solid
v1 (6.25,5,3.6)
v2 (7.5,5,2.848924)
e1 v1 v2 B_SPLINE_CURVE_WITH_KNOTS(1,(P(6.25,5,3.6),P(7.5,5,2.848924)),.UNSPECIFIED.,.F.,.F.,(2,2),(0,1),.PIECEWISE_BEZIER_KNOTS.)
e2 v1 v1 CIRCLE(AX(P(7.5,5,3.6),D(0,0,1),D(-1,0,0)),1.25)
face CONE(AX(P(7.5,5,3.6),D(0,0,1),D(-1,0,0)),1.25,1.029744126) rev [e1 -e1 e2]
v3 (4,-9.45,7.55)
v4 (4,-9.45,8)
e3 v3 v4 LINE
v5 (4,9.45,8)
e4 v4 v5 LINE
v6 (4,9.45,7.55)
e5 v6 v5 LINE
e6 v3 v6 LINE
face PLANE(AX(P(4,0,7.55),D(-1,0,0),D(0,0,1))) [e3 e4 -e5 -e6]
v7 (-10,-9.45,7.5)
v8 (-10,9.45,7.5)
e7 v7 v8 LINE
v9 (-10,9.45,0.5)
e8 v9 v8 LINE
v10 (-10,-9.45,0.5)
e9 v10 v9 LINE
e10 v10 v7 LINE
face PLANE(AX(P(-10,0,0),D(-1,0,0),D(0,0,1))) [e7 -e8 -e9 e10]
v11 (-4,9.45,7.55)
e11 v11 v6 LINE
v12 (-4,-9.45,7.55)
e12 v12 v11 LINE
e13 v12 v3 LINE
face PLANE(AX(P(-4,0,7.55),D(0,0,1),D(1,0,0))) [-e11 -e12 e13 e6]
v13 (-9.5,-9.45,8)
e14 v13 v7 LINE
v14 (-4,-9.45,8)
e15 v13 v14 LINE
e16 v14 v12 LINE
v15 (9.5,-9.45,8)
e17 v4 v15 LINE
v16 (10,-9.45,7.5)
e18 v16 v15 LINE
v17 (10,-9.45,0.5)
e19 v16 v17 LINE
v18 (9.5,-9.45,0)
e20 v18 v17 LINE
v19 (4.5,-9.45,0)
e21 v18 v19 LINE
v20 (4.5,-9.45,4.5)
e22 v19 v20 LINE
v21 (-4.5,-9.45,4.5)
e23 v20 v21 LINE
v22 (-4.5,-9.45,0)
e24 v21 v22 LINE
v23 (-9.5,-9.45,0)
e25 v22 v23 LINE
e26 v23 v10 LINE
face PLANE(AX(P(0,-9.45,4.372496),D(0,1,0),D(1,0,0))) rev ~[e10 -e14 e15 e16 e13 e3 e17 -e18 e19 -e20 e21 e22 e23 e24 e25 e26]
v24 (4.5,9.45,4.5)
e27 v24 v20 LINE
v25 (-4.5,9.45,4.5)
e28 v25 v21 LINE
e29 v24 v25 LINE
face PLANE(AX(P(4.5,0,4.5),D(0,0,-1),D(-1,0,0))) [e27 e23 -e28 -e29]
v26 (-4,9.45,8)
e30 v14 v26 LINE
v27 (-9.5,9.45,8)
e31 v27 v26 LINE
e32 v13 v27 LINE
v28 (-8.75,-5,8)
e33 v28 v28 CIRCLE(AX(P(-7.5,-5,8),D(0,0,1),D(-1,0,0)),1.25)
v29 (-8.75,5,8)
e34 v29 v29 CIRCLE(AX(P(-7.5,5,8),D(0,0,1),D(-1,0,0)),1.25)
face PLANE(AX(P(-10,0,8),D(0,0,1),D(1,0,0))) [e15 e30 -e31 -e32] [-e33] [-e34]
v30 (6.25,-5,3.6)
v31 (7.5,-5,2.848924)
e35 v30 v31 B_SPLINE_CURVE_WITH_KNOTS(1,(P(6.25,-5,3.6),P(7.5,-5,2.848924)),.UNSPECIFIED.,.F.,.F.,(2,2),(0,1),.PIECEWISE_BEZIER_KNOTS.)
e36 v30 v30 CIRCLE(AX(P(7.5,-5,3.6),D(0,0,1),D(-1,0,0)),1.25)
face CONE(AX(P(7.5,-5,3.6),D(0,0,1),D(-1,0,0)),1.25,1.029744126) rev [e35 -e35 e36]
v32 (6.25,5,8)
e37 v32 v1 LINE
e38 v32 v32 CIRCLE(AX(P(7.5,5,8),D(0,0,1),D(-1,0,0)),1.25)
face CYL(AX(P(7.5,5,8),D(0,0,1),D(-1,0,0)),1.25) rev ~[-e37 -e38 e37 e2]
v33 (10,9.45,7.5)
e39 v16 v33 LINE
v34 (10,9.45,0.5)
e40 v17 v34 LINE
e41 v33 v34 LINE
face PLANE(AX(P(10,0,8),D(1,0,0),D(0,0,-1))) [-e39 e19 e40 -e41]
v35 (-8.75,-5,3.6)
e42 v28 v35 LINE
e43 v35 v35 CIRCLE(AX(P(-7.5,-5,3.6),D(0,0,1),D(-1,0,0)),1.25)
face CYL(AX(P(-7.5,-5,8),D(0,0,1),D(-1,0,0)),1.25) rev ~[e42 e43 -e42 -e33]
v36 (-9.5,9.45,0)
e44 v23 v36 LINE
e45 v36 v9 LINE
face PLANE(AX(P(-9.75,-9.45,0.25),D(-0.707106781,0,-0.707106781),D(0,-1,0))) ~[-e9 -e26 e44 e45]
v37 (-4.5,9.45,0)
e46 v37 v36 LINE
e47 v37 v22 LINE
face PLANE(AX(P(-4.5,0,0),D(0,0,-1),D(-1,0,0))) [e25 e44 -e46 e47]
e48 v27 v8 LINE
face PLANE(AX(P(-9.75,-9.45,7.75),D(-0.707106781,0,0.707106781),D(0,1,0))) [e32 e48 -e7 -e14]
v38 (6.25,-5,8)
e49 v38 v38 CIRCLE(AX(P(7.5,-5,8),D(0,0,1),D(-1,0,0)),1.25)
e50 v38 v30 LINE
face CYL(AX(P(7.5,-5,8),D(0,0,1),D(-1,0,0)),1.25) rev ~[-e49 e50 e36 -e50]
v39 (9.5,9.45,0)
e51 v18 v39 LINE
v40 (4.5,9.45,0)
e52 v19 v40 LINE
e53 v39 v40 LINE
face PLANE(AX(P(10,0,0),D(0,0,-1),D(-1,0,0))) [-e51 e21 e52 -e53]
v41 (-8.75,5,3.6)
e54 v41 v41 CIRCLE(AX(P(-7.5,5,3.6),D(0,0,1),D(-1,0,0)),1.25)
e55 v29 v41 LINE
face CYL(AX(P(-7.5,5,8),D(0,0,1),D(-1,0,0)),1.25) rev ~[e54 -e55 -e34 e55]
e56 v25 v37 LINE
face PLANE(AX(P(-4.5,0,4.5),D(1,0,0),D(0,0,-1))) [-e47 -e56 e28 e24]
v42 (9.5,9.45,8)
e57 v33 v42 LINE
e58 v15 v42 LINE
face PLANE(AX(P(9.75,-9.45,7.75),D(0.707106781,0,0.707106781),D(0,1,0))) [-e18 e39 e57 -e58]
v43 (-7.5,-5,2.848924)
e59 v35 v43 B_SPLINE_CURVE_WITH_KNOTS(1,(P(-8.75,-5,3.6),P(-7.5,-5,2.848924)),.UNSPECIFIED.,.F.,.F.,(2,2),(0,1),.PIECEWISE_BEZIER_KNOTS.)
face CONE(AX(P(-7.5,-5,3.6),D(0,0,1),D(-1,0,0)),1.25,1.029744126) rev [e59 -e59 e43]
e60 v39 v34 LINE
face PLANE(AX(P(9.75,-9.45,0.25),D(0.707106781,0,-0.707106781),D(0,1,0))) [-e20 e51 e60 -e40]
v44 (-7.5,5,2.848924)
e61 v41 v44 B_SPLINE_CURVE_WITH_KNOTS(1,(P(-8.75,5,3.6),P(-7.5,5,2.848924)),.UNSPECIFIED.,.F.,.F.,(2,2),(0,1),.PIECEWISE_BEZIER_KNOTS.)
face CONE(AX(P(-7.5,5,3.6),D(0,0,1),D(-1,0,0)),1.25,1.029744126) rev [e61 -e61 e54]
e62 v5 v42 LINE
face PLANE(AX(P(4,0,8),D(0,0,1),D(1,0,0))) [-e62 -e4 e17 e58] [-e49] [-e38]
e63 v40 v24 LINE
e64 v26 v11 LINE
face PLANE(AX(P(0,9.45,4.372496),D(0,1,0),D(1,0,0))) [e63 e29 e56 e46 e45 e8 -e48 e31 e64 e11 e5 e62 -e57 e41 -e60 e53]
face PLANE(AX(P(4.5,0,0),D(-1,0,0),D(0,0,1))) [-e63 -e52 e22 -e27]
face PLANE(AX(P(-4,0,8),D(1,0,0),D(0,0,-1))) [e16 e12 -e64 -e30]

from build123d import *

# Parameters (mm, degrees)
PAD001_DEPTH    = 9.45
CHAMFER001_SIZE = 0.5
SKETCH003_R     = 1.25
HOLE_DEPTH      = 4.4
HOLE_TIPS_R     = 1.25


with BuildPart() as part:
    # ShapeBinder → Pad001 (new body, symmetric)
    with BuildSketch(Plane(origin=(0, 0, 4), x_dir=(1, 0, 0), z_dir=(0, 1, 0))):
        Polygon((-4.5, 4), (-10, 4), (-10, -4), (-4, -4), (-4, -3.55), (4, -3.55), (4, -4), (10, -4), (10, 4), (4.5, 4), (4.5, -0.5), (-4.5, -0.5), align=None)
    extrude(amount=PAD001_DEPTH, both=True)

    # Chamfer001
    chamfer001_edges = [part.edges().sort_by_distance(p)[0] for p in [
        (-10, 0, 8),
        (10, 0, 8),
        (10, 0, 0),
        (-10, 0, 0),
    ]]
    chamfer(chamfer001_edges, length=CHAMFER001_SIZE)

    # Sketch003 (on Face18 of Chamfer001) → Hole (cut)
    with BuildSketch(Plane(origin=(0, 0, 8), x_dir=(-1, 0, 0), z_dir=(0, 0, 1))):
        with Locations((-7.5, 5)):
            Circle(SKETCH003_R)
        with Locations((7.5, 5)):
            Circle(SKETCH003_R)
        with Locations((-7.5, -5)):
            Circle(SKETCH003_R)
        with Locations((7.5, -5)):
            Circle(SKETCH003_R)
    extrude(amount=-HOLE_DEPTH, mode=Mode.SUBTRACT)

    # Hole tips → Hole tip 1 section 0
    with BuildSketch(Plane(origin=(0, 0, 3.6), x_dir=(-1, 0, 0), z_dir=(0, 0, 1)), mode=Mode.PRIVATE) as hole_tip_1_s0:
        with Locations((-7.5, 5)):
            Circle(HOLE_TIPS_R)
    loft([hole_tip_1_s0.sketch, Vertex(7.5, -5, 2.848924)], mode=Mode.SUBTRACT)

    # Hole tips → Hole tip 2 section 0
    with BuildSketch(Plane(origin=(0, 0, 3.6), x_dir=(-1, 0, 0), z_dir=(0, 0, 1)), mode=Mode.PRIVATE) as hole_tip_2_s0:
        with Locations((7.5, 5)):
            Circle(HOLE_TIPS_R)
    loft([hole_tip_2_s0.sketch, Vertex(-7.5, -5, 2.848924)], mode=Mode.SUBTRACT)

    # Hole tips → Hole tip 3 section 0
    with BuildSketch(Plane(origin=(0, 0, 3.6), x_dir=(-1, 0, 0), z_dir=(0, 0, 1)), mode=Mode.PRIVATE) as hole_tip_3_s0:
        with Locations((-7.5, -5)):
            Circle(HOLE_TIPS_R)
    loft([hole_tip_3_s0.sketch, Vertex(7.5, 5, 2.848924)], mode=Mode.SUBTRACT)

    # Hole tips → Hole tip 4 section 0
    with BuildSketch(Plane(origin=(0, 0, 3.6), x_dir=(-1, 0, 0), z_dir=(0, 0, 1)), mode=Mode.PRIVATE) as hole_tip_4_s0:
        with Locations((7.5, -5)):
            Circle(HOLE_TIPS_R)
    loft([hole_tip_4_s0.sketch, Vertex(-7.5, 5, 2.848924)], mode=Mode.SUBTRACT)


solid = part.part
